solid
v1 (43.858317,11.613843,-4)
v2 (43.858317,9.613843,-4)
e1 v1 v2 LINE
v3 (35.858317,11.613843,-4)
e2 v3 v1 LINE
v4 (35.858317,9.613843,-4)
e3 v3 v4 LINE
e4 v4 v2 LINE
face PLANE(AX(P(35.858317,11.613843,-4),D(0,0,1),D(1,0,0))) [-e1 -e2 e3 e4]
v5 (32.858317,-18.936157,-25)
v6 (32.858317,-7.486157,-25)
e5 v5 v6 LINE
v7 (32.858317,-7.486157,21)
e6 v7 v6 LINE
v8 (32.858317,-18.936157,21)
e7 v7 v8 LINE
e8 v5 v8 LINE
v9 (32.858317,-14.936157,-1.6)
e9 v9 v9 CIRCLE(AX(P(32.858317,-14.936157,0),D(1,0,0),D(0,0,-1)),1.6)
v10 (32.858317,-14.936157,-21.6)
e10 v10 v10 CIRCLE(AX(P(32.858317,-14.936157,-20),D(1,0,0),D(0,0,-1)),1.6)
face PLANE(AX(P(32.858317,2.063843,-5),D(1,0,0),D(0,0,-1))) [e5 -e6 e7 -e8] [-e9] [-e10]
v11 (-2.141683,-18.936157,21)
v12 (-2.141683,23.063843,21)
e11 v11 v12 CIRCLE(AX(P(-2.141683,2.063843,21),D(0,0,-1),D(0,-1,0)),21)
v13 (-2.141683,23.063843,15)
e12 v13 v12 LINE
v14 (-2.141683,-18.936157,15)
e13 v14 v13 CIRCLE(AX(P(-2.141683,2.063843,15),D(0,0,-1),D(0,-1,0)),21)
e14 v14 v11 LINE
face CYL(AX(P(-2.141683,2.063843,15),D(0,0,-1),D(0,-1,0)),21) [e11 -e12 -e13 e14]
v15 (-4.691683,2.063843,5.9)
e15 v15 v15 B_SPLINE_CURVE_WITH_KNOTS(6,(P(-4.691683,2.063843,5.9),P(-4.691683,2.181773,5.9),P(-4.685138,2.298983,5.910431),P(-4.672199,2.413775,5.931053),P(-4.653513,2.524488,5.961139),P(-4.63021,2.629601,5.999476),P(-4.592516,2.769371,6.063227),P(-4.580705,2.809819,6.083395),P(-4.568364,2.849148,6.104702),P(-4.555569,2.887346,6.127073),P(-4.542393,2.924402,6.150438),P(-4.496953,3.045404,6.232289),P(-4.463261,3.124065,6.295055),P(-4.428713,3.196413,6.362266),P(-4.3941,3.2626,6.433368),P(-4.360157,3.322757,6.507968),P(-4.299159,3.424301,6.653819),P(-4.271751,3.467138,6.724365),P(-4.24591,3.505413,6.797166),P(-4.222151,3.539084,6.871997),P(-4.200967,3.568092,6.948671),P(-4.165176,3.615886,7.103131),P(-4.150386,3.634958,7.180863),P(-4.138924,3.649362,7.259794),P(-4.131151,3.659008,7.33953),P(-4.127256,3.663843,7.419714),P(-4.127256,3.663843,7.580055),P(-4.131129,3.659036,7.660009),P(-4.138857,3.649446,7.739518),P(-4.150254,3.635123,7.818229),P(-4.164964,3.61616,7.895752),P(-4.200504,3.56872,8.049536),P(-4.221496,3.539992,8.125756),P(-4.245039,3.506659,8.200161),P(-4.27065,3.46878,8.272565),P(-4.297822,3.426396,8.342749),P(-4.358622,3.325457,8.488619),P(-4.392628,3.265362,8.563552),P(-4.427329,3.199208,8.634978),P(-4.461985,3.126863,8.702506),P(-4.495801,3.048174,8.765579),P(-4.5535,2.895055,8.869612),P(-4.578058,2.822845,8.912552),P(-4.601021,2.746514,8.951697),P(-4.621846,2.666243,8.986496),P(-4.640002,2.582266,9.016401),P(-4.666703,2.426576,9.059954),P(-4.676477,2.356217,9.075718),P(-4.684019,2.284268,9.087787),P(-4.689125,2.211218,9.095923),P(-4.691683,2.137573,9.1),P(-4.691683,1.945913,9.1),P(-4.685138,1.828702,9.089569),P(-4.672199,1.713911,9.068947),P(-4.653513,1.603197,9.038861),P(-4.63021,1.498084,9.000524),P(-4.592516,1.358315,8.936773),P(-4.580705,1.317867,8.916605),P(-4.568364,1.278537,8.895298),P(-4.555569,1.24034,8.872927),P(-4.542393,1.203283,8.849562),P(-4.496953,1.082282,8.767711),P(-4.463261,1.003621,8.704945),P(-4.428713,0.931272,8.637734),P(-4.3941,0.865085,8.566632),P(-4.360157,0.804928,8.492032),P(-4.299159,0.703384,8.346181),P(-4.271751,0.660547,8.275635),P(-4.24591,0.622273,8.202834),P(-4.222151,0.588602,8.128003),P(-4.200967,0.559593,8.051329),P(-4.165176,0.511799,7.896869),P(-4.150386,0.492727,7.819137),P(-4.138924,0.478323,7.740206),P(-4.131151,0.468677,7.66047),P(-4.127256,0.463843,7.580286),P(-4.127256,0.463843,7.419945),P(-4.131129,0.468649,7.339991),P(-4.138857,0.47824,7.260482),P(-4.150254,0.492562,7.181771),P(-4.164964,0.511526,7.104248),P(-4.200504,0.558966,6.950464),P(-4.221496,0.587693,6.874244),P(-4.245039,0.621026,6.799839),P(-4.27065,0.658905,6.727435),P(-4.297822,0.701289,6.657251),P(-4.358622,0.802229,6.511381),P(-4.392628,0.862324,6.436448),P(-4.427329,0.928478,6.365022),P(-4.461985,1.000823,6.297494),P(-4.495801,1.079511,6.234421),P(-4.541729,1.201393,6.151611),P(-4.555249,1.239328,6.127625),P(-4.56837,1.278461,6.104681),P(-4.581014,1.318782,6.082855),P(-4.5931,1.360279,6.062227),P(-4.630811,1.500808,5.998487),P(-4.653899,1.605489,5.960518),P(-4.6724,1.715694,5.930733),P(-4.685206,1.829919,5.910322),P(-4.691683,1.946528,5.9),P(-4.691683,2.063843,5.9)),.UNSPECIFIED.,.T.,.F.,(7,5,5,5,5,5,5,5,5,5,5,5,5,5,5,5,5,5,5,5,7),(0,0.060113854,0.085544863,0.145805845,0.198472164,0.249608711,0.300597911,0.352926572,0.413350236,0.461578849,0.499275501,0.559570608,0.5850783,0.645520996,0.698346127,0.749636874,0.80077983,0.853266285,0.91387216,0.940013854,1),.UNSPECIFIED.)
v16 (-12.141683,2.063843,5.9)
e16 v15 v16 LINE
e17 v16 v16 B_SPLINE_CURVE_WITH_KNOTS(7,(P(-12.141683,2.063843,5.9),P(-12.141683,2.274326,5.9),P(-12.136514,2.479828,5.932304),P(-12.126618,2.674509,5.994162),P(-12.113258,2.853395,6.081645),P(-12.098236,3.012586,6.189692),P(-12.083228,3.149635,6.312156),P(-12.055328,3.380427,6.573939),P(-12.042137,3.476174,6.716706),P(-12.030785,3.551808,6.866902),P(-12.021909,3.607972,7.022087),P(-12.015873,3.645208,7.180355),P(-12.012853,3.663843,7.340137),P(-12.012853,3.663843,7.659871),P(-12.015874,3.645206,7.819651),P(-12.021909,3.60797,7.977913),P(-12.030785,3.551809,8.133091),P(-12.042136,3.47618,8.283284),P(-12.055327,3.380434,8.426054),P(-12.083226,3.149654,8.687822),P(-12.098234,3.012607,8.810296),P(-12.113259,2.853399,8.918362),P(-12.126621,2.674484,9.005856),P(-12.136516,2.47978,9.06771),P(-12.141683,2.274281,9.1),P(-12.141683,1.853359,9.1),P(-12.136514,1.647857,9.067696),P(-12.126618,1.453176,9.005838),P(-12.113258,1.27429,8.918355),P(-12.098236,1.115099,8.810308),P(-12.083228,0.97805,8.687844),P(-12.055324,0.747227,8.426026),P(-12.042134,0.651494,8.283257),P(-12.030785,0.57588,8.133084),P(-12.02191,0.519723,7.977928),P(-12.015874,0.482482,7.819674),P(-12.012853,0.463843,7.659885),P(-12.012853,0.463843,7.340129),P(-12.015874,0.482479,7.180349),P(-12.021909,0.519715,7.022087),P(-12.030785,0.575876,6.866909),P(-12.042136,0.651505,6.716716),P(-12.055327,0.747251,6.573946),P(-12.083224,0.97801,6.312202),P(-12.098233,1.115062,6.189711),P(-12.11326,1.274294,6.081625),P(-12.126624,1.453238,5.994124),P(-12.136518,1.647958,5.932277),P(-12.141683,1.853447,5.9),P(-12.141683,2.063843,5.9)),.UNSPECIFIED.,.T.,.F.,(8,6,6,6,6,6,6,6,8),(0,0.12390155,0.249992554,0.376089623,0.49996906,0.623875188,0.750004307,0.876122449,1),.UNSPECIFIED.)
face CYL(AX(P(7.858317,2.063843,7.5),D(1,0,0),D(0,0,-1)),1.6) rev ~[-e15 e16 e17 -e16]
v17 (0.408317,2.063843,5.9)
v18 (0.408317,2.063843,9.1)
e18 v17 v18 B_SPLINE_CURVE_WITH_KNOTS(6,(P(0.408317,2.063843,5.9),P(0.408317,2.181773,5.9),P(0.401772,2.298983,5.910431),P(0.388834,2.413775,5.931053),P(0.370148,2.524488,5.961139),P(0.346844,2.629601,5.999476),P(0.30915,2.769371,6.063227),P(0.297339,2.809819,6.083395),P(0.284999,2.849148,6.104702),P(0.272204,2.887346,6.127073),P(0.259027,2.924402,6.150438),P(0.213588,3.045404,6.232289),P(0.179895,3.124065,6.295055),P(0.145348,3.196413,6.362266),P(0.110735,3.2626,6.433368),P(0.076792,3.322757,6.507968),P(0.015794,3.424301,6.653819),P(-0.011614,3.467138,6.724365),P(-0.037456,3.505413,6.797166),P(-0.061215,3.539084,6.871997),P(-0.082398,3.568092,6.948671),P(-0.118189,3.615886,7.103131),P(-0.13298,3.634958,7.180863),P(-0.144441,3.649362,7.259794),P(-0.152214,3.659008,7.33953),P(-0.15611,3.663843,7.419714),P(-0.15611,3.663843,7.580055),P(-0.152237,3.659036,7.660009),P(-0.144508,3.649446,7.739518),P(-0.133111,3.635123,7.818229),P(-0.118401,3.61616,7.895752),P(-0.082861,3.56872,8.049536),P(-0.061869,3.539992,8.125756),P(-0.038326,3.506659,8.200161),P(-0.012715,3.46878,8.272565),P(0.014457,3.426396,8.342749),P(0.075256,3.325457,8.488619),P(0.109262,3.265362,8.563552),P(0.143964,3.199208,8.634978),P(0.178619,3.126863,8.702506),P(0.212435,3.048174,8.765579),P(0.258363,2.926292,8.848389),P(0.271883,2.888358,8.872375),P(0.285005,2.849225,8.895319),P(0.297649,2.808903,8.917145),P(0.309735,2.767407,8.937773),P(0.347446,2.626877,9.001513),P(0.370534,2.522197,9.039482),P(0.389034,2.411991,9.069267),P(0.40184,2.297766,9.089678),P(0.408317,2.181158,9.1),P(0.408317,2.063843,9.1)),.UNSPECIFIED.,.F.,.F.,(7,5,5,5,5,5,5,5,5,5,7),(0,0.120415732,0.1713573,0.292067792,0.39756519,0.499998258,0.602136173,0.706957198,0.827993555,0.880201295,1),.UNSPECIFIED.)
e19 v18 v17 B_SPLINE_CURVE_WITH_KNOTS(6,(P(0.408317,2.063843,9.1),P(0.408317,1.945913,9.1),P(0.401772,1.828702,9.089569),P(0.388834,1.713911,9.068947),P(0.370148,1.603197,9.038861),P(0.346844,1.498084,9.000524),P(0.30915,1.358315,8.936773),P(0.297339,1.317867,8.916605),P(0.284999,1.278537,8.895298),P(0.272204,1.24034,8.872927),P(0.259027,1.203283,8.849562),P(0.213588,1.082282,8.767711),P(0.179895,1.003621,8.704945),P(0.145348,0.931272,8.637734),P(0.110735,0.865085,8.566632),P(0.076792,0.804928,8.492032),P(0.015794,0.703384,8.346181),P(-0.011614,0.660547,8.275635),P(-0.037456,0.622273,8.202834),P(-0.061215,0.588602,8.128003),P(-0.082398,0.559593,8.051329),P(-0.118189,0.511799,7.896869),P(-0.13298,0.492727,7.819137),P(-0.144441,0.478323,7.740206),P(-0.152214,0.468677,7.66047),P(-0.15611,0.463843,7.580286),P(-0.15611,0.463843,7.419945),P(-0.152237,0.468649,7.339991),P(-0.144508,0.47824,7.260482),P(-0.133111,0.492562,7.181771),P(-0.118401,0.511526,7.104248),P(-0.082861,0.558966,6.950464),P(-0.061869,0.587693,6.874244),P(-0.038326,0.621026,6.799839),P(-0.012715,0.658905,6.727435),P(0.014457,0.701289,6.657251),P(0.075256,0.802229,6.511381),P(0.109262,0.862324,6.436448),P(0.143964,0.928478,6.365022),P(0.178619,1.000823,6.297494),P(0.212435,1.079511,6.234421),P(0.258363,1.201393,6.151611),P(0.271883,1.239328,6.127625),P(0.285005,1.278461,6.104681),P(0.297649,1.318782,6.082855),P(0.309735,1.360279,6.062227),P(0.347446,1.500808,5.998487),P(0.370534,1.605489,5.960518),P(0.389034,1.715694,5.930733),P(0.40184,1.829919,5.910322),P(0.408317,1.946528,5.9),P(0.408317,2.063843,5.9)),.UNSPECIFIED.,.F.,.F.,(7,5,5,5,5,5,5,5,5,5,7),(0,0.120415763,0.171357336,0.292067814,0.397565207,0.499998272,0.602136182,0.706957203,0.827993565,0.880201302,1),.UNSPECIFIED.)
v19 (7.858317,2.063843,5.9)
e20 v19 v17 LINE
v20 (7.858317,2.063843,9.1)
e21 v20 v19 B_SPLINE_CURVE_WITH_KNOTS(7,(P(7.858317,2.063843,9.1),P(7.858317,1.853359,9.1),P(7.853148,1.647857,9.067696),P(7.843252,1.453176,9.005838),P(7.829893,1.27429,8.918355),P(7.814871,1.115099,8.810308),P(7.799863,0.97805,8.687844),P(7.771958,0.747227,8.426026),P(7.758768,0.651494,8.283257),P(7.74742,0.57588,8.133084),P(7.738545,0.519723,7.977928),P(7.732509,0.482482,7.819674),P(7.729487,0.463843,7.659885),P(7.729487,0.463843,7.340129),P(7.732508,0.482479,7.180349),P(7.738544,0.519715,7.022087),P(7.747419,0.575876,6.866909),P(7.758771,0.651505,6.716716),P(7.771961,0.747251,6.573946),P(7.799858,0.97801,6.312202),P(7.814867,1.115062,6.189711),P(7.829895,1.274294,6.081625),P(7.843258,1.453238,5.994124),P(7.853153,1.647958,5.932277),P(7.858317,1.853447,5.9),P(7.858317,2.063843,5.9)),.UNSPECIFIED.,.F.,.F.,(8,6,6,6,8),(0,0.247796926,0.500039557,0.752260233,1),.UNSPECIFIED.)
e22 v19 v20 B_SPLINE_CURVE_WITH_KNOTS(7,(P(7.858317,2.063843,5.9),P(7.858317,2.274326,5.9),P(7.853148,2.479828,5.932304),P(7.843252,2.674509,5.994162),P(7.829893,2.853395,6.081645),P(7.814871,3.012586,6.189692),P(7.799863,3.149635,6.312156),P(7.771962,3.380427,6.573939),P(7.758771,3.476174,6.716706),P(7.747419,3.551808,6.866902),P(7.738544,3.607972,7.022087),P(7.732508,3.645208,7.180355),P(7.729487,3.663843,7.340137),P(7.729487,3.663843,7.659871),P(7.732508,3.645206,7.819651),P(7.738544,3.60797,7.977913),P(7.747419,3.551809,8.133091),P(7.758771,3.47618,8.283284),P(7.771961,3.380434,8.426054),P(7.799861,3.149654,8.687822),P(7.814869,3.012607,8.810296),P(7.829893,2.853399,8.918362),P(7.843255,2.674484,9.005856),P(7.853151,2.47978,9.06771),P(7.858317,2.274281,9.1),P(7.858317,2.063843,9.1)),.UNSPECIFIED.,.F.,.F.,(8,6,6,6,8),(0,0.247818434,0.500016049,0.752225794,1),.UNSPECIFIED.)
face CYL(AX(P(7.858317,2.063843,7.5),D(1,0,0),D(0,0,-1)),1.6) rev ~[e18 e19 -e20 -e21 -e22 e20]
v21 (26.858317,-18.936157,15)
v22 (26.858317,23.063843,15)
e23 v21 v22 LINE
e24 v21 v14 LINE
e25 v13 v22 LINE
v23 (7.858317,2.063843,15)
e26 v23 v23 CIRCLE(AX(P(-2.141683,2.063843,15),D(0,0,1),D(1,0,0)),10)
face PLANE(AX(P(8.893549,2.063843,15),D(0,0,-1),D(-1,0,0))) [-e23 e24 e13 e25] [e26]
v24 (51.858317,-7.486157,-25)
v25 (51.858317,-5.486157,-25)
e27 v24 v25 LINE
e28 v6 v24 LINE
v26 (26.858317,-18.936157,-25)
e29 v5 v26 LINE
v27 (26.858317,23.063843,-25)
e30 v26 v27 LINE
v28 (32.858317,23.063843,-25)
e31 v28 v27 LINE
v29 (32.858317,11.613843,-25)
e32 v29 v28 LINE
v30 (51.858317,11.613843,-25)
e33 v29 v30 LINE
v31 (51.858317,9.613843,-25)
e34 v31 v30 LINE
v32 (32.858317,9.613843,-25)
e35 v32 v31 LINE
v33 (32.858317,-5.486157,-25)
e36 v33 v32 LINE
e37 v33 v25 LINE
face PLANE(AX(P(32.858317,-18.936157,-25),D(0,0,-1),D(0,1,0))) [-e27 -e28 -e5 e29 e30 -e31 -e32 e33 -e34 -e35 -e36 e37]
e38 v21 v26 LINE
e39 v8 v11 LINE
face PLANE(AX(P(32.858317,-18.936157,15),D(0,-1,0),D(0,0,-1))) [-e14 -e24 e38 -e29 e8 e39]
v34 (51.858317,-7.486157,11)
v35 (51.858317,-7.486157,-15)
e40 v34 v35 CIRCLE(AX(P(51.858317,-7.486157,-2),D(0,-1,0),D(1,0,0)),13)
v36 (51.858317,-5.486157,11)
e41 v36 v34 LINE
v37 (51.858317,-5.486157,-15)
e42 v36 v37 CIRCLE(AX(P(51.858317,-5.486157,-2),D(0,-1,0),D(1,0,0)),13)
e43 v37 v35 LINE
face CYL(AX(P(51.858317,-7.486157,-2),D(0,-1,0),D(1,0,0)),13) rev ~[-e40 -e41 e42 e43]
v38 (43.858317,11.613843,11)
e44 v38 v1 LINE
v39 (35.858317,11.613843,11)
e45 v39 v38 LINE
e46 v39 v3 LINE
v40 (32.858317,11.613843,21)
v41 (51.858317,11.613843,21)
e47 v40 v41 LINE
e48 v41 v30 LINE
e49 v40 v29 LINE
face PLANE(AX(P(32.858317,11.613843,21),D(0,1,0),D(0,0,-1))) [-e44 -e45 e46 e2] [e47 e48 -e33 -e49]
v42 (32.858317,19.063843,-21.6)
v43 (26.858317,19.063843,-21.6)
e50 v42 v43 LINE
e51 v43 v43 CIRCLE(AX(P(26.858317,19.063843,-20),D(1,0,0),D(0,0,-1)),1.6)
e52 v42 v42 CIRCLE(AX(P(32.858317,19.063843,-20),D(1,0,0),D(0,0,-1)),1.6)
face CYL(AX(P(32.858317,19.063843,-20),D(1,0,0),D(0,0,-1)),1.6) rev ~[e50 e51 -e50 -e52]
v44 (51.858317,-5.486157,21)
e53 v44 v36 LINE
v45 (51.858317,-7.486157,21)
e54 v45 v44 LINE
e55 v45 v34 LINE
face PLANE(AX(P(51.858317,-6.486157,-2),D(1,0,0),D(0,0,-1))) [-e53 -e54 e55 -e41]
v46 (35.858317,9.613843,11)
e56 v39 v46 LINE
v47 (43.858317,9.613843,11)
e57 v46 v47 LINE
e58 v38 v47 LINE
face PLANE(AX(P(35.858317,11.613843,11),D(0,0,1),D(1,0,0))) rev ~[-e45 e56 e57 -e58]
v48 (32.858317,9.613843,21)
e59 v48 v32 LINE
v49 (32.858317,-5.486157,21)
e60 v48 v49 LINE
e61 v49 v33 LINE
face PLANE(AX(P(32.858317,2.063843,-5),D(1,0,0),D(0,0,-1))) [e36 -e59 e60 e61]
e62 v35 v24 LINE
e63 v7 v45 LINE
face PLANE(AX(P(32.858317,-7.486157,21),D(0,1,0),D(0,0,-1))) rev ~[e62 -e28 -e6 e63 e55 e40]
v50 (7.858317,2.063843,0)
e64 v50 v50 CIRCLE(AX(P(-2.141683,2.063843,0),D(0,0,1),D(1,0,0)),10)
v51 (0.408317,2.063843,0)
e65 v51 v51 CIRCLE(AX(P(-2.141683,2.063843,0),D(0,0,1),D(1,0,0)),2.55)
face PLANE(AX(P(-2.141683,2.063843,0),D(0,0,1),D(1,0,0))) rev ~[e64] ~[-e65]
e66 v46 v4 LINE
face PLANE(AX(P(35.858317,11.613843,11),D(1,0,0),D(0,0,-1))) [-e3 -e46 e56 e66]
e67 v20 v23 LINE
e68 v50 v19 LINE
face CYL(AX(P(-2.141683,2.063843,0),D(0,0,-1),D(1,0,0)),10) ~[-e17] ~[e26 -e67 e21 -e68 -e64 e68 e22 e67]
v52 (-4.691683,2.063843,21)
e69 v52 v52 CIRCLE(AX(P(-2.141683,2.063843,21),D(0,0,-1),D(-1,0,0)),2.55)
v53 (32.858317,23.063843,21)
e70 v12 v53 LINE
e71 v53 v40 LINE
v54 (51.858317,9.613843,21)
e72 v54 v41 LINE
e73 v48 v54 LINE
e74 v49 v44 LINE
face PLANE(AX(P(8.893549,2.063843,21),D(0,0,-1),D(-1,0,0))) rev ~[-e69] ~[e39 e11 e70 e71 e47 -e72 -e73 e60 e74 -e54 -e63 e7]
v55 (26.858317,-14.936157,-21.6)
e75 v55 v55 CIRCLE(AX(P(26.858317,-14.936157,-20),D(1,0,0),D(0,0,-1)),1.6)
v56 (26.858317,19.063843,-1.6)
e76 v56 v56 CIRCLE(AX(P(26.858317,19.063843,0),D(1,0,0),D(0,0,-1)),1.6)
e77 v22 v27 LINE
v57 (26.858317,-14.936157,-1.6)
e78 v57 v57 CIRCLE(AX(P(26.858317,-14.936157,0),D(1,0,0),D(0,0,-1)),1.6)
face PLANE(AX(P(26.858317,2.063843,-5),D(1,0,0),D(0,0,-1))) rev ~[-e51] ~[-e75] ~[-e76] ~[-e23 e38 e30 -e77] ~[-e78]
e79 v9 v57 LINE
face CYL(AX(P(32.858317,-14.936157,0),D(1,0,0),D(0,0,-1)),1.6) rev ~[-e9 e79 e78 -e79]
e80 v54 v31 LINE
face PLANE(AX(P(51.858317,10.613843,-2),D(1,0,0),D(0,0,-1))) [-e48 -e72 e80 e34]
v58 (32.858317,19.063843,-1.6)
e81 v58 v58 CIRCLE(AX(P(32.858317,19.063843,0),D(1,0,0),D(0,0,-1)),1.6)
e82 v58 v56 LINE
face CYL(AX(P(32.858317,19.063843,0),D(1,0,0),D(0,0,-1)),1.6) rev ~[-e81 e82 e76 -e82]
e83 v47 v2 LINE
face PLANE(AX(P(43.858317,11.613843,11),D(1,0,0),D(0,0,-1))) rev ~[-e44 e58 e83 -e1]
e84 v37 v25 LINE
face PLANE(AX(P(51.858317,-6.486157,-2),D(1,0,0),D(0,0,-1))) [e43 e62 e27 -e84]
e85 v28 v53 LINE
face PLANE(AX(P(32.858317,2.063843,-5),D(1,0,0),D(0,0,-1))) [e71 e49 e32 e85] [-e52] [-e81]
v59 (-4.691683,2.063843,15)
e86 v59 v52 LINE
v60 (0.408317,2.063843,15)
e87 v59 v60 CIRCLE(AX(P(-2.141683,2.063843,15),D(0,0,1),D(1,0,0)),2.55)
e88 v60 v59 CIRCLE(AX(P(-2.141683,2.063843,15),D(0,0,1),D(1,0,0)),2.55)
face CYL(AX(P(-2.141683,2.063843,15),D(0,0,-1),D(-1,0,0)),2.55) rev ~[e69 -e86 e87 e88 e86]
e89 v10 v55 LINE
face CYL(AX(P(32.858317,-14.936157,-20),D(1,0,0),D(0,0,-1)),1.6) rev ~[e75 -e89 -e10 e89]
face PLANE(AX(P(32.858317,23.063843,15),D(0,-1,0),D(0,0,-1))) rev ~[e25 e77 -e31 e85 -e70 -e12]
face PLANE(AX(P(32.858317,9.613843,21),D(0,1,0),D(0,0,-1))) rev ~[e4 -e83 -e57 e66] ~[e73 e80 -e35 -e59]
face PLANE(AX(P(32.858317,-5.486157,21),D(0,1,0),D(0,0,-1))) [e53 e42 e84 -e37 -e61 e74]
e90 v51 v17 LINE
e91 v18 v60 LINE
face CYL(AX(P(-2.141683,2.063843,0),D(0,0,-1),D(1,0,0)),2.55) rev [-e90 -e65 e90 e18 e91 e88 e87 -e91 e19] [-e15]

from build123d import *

# Parameters (mm, degrees)
SKETCH_1_R          = 10
SKETCH_1_R_2        = 2.55
EXTRUDE_1_DEPTH     = 15
SKETCH_3_R          = 1.6
CUT_EXTRUDE_1_DEPTH = 21
EXTRUDE_2_DEPTH     = 6
SKETCH_6_R          = 2.55
CUT_EXTRUDE_2_DEPTH = 10
SKETCH_7_W          = 40
SKETCH_7_H          = 42
EXTRUDE_3_DEPTH     = 6
SKETCH_8_R          = 1.6
CUT_EXTRUDE_3_DEPTH = 6
SKETCH_9_W          = 46
SKETCH_9_H          = 2
EXTRUDE_4_DEPTH     = 19
SKETCH_10_R         = 13
CUT_EXTRUDE_4_DEPTH = 8
SKETCH_11_W         = 8
SKETCH_11_H         = 15
CUT_EXTRUDE_5_DEPTH = 8


with BuildPart() as part:
    # 草图1 → 凸台-拉伸1 (new body)
    with BuildSketch(Plane.XY):
        with Locations((-2.14168272, 2.06384273)):
            Circle(SKETCH_1_R)
        with Locations((-2.14168272, 2.06384273)):
            Circle(SKETCH_1_R_2, mode=Mode.SUBTRACT)
    extrude(amount=EXTRUDE_1_DEPTH)

    # 草图3 → 切除-拉伸1 (cut, through all)
    with BuildSketch(Plane(origin=(7.85831728, 0, 0), x_dir=(0, 0, -1), z_dir=(1, 0, 0))):
        with Locations((-7.5, 2.06384273)):
            Circle(SKETCH_3_R)
    extrude(amount=-CUT_EXTRUDE_1_DEPTH, mode=Mode.SUBTRACT)

    # 草图5 → 凸台-拉伸2 (add)
    with BuildSketch(Plane.XY.offset(15)):
        with BuildLine():
            Line((-2.14168272, 23.06384273), (32.85831728, 23.06384273))
            Line((32.85831728, 23.06384273), (32.85831728, -18.93615727))
            Line((32.85831728, -18.93615727), (-2.14168272, -18.93615727))
            ThreePointArc((-2.14168272, -18.93615727), (-23.14168272, 2.06384273), (-2.14168272, 23.06384273))
        make_face()
    extrude(amount=EXTRUDE_2_DEPTH)

    # 草图6 → 切除-拉伸2 (cut)
    with BuildSketch(Plane(origin=(0, 0, 15), x_dir=(-1, 0, 0), z_dir=(0, 0, -1))):
        with Locations((2.14168272, 2.06384273)):
            Circle(SKETCH_6_R)
    extrude(amount=-CUT_EXTRUDE_2_DEPTH, mode=Mode.SUBTRACT)

    # 草图7 → 凸台-拉伸3 (add)
    with BuildSketch(Plane(origin=(32.85831728, 0, 0), x_dir=(0, 0, -1), z_dir=(1, 0, 0))):
        with Locations((5, 2.06384273)):
            Rectangle(SKETCH_7_W, SKETCH_7_H)
    extrude(amount=-EXTRUDE_3_DEPTH)

    # 草图8 → 切除-拉伸3 (cut)
    with BuildSketch(Plane(origin=(32.85831728, 0, 0), x_dir=(0, 0, -1), z_dir=(1, 0, 0))):
        with Locations((0, 19.06384273)):
            Circle(SKETCH_8_R)
        with Locations((0, -14.93615727)):
            Circle(SKETCH_8_R)
        with Locations((20, -14.93615727)):
            Circle(SKETCH_8_R)
        with Locations((20, 19.06384273)):
            Circle(SKETCH_8_R)
    extrude(amount=-CUT_EXTRUDE_3_DEPTH, mode=Mode.SUBTRACT)

    # 草图9 → 凸台-拉伸4 (add)
    with BuildSketch(Plane(origin=(32.85831728, 0, 0), x_dir=(0, 0, -1), z_dir=(1, 0, 0))):
        with Locations((2, 10.61384273)):
            Rectangle(SKETCH_9_W, SKETCH_9_H)
        with Locations((2, -6.48615727)):
            Rectangle(SKETCH_9_W, SKETCH_9_H)
    extrude(amount=EXTRUDE_4_DEPTH)

    # 草图10 → 切除-拉伸4 (cut)
    with BuildSketch(Plane.XZ.offset(7.48615727)):
        with Locations((51.85831728, -2)):
            Circle(SKETCH_10_R)
    extrude(amount=-CUT_EXTRUDE_4_DEPTH, mode=Mode.SUBTRACT)

    # 草图11 → 切除-拉伸5 (cut)
    with BuildSketch(Plane(origin=(0, 11.61384273, 0), x_dir=(1, 0, 0), z_dir=(0, 1, 0))):
        with Locations((39.85831728, -3.5)):
            Rectangle(SKETCH_11_W, SKETCH_11_H)
    extrude(amount=-CUT_EXTRUDE_5_DEPTH, mode=Mode.SUBTRACT)


solid = part.part
